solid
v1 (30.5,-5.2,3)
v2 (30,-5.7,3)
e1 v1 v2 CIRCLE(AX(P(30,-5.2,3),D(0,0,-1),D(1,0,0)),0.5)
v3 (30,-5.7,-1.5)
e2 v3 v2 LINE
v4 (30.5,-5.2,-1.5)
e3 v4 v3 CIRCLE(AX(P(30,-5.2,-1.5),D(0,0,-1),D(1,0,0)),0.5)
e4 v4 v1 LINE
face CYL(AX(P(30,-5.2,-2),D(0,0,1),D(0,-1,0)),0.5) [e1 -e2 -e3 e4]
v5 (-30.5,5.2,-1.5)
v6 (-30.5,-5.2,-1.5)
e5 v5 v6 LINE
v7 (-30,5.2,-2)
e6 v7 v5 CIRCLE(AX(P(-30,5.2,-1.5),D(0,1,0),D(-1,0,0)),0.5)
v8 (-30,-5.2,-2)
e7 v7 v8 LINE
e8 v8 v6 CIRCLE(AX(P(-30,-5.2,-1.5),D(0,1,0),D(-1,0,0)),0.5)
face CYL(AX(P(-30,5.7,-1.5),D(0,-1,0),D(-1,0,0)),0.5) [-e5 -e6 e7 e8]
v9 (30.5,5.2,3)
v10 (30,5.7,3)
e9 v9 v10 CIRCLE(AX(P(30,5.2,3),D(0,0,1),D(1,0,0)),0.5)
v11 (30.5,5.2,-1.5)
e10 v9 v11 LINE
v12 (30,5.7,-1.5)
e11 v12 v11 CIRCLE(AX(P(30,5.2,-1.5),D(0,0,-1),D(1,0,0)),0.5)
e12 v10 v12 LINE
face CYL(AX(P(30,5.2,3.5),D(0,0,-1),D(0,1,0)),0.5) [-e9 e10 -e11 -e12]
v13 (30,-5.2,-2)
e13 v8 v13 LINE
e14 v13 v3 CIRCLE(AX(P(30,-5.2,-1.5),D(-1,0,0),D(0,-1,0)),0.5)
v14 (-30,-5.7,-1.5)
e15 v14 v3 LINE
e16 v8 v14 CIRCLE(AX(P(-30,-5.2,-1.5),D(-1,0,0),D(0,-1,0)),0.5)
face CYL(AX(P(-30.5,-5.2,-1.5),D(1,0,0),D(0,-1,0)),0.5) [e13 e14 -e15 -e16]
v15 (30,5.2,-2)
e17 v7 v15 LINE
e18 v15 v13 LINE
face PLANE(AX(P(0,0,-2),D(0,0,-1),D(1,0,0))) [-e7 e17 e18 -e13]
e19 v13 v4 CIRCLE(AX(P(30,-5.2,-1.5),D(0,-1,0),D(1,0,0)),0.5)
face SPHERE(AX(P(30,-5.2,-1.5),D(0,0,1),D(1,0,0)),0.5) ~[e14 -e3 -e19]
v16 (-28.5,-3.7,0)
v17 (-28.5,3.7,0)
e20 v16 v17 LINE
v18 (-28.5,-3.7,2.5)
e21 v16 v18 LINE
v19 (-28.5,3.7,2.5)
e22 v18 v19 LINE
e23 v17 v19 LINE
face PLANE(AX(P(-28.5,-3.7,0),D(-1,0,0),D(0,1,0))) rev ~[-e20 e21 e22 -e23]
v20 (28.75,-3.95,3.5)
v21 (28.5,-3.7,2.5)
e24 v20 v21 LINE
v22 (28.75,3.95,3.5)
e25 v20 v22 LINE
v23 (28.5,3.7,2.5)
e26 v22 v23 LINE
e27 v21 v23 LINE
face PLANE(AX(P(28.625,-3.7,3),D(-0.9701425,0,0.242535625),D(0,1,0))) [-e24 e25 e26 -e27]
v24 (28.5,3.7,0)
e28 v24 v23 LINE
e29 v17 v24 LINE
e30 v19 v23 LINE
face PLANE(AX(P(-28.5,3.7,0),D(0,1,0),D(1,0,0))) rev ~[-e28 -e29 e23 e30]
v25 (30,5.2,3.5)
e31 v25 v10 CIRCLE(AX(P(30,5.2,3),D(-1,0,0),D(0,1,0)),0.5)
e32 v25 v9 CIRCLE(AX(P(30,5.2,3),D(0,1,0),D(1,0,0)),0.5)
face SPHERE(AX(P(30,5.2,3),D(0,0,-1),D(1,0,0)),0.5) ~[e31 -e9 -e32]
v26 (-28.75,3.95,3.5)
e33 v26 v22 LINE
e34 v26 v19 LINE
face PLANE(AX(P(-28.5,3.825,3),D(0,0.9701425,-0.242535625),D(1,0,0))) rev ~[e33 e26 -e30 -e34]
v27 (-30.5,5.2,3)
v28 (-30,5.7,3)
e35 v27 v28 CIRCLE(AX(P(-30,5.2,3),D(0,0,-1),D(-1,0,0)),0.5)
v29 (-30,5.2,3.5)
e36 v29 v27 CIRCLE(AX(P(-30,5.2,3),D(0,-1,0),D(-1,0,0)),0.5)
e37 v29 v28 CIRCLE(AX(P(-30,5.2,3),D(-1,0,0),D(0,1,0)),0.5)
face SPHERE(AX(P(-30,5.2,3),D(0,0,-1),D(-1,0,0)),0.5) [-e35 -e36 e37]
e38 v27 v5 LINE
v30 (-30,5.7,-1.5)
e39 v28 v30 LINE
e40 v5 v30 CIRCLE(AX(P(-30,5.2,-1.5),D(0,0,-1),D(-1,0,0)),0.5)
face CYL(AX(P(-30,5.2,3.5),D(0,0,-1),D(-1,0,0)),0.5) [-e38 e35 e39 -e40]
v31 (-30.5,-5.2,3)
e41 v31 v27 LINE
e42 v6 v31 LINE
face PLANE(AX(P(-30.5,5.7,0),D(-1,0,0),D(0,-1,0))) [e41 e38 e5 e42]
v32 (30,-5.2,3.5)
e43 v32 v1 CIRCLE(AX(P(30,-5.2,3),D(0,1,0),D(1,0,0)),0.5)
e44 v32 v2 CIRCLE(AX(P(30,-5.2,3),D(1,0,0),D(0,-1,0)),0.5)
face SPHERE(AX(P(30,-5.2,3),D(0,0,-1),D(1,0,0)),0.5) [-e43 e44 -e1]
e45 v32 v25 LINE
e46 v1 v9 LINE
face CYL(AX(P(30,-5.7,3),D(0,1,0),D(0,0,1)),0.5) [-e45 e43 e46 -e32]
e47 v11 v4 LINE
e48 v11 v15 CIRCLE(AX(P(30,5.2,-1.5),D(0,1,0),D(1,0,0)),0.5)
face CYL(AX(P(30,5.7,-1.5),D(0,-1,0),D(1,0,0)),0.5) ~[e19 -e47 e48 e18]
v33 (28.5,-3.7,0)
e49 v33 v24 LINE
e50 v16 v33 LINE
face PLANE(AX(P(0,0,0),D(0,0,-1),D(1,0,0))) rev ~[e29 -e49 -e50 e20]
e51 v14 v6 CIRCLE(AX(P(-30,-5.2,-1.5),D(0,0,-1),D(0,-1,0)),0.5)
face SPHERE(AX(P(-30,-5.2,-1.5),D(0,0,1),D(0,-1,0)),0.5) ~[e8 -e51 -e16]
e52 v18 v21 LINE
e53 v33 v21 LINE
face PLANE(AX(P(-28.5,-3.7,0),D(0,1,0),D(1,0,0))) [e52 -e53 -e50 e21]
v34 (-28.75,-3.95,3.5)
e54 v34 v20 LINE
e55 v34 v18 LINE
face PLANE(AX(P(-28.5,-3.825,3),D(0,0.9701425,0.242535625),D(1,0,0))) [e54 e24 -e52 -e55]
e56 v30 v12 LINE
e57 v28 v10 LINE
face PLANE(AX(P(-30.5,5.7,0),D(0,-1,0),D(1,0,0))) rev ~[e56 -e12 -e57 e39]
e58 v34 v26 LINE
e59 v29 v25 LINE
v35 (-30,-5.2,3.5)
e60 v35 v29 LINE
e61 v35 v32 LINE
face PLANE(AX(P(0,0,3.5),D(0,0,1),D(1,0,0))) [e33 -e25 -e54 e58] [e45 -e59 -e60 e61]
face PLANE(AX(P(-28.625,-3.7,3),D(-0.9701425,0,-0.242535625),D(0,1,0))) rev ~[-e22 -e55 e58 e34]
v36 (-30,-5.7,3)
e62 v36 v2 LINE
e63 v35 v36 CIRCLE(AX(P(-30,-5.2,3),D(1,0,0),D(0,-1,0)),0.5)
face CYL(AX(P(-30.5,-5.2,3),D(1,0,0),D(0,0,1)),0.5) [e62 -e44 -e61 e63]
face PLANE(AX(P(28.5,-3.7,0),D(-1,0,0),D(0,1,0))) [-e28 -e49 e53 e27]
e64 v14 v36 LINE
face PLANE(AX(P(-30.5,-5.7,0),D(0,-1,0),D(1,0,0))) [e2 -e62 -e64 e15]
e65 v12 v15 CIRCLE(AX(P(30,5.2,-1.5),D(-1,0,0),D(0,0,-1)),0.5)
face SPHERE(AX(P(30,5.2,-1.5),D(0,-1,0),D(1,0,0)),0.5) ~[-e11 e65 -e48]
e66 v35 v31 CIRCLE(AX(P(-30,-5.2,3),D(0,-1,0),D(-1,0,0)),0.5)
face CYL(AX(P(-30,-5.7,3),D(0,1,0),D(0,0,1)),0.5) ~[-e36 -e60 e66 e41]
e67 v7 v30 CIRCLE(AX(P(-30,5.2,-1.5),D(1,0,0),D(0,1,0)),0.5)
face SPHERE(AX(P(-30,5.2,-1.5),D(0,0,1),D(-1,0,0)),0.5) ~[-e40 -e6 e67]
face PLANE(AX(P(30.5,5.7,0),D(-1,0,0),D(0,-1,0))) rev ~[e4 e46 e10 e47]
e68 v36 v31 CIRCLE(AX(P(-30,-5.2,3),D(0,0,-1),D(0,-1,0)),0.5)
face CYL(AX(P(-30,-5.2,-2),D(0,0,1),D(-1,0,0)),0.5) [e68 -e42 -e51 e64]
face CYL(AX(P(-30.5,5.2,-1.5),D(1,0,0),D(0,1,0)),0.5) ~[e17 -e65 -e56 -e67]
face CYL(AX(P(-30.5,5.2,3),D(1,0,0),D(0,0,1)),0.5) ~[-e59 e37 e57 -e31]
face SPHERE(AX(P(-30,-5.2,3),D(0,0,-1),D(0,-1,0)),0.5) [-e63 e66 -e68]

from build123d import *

# Parameters (mm, degrees)
SKETCH002_W      = 61
SKETCH002_H      = 11.4
SKETCH002_W_2    = 57
SKETCH002_H_2    = 7.4
PAD002_DEPTH     = 3.5
SKETCH003_W      = 61
SKETCH003_H      = 11.4
PAD003_DEPTH     = 2
CHAMFER001_SIZE2 = 1
CHAMFER001_SIZE  = 0.25
FILLET_R         = 0.5


with BuildPart() as part:
    # Sketch002 → Pad002 (new body)
    with BuildSketch(Plane.XY):
        Rectangle(SKETCH002_W, SKETCH002_H)
        Rectangle(SKETCH002_W_2, SKETCH002_H_2, mode=Mode.SUBTRACT)
    extrude(amount=PAD002_DEPTH)

    # Sketch003 (on Face9 of Pad002) → Pad003 (join)
    with BuildSketch(Plane(origin=(0, 0, 0), x_dir=(1, 0, 0), z_dir=(0, 0, -1))):
        Rectangle(SKETCH003_W, SKETCH003_H)
    extrude(amount=PAD003_DEPTH)

    # Chamfer001
    chamfer001_edges = [part.edges().sort_by_distance(p)[0] for p in [
        (0, 3.7, 3.5),
        (-28.5, 0, 3.5),
        (0, -3.7, 3.5),
        (28.5, 0, 3.5),
    ]]
    chamfer001_side = part.faces().sort_by_distance((29.879439, 0, 3.5))[0]
    chamfer(chamfer001_edges, length=CHAMFER001_SIZE, length2=CHAMFER001_SIZE2, reference=chamfer001_side)

    # Fillet
    fillet_edges = [part.edges().sort_by_distance(p)[0] for p in [
        (30.5, -5.7, 0.75),
        (30.5, 0, -2),
        (30.5, 5.7, 0.75),
        (30.5, 0, 3.5),
        (-30.5, -5.7, 0.75),
        (0, -5.7, -2),
        (0, -5.7, 3.5),
        (-30.5, 5.7, 0.75),
        (-30.5, 0, -2),
        (-30.5, 0, 3.5),
        (0, 5.7, -2),
        (0, 5.7, 3.5),
    ]]
    fillet(fillet_edges, radius=FILLET_R)


solid = part.part
